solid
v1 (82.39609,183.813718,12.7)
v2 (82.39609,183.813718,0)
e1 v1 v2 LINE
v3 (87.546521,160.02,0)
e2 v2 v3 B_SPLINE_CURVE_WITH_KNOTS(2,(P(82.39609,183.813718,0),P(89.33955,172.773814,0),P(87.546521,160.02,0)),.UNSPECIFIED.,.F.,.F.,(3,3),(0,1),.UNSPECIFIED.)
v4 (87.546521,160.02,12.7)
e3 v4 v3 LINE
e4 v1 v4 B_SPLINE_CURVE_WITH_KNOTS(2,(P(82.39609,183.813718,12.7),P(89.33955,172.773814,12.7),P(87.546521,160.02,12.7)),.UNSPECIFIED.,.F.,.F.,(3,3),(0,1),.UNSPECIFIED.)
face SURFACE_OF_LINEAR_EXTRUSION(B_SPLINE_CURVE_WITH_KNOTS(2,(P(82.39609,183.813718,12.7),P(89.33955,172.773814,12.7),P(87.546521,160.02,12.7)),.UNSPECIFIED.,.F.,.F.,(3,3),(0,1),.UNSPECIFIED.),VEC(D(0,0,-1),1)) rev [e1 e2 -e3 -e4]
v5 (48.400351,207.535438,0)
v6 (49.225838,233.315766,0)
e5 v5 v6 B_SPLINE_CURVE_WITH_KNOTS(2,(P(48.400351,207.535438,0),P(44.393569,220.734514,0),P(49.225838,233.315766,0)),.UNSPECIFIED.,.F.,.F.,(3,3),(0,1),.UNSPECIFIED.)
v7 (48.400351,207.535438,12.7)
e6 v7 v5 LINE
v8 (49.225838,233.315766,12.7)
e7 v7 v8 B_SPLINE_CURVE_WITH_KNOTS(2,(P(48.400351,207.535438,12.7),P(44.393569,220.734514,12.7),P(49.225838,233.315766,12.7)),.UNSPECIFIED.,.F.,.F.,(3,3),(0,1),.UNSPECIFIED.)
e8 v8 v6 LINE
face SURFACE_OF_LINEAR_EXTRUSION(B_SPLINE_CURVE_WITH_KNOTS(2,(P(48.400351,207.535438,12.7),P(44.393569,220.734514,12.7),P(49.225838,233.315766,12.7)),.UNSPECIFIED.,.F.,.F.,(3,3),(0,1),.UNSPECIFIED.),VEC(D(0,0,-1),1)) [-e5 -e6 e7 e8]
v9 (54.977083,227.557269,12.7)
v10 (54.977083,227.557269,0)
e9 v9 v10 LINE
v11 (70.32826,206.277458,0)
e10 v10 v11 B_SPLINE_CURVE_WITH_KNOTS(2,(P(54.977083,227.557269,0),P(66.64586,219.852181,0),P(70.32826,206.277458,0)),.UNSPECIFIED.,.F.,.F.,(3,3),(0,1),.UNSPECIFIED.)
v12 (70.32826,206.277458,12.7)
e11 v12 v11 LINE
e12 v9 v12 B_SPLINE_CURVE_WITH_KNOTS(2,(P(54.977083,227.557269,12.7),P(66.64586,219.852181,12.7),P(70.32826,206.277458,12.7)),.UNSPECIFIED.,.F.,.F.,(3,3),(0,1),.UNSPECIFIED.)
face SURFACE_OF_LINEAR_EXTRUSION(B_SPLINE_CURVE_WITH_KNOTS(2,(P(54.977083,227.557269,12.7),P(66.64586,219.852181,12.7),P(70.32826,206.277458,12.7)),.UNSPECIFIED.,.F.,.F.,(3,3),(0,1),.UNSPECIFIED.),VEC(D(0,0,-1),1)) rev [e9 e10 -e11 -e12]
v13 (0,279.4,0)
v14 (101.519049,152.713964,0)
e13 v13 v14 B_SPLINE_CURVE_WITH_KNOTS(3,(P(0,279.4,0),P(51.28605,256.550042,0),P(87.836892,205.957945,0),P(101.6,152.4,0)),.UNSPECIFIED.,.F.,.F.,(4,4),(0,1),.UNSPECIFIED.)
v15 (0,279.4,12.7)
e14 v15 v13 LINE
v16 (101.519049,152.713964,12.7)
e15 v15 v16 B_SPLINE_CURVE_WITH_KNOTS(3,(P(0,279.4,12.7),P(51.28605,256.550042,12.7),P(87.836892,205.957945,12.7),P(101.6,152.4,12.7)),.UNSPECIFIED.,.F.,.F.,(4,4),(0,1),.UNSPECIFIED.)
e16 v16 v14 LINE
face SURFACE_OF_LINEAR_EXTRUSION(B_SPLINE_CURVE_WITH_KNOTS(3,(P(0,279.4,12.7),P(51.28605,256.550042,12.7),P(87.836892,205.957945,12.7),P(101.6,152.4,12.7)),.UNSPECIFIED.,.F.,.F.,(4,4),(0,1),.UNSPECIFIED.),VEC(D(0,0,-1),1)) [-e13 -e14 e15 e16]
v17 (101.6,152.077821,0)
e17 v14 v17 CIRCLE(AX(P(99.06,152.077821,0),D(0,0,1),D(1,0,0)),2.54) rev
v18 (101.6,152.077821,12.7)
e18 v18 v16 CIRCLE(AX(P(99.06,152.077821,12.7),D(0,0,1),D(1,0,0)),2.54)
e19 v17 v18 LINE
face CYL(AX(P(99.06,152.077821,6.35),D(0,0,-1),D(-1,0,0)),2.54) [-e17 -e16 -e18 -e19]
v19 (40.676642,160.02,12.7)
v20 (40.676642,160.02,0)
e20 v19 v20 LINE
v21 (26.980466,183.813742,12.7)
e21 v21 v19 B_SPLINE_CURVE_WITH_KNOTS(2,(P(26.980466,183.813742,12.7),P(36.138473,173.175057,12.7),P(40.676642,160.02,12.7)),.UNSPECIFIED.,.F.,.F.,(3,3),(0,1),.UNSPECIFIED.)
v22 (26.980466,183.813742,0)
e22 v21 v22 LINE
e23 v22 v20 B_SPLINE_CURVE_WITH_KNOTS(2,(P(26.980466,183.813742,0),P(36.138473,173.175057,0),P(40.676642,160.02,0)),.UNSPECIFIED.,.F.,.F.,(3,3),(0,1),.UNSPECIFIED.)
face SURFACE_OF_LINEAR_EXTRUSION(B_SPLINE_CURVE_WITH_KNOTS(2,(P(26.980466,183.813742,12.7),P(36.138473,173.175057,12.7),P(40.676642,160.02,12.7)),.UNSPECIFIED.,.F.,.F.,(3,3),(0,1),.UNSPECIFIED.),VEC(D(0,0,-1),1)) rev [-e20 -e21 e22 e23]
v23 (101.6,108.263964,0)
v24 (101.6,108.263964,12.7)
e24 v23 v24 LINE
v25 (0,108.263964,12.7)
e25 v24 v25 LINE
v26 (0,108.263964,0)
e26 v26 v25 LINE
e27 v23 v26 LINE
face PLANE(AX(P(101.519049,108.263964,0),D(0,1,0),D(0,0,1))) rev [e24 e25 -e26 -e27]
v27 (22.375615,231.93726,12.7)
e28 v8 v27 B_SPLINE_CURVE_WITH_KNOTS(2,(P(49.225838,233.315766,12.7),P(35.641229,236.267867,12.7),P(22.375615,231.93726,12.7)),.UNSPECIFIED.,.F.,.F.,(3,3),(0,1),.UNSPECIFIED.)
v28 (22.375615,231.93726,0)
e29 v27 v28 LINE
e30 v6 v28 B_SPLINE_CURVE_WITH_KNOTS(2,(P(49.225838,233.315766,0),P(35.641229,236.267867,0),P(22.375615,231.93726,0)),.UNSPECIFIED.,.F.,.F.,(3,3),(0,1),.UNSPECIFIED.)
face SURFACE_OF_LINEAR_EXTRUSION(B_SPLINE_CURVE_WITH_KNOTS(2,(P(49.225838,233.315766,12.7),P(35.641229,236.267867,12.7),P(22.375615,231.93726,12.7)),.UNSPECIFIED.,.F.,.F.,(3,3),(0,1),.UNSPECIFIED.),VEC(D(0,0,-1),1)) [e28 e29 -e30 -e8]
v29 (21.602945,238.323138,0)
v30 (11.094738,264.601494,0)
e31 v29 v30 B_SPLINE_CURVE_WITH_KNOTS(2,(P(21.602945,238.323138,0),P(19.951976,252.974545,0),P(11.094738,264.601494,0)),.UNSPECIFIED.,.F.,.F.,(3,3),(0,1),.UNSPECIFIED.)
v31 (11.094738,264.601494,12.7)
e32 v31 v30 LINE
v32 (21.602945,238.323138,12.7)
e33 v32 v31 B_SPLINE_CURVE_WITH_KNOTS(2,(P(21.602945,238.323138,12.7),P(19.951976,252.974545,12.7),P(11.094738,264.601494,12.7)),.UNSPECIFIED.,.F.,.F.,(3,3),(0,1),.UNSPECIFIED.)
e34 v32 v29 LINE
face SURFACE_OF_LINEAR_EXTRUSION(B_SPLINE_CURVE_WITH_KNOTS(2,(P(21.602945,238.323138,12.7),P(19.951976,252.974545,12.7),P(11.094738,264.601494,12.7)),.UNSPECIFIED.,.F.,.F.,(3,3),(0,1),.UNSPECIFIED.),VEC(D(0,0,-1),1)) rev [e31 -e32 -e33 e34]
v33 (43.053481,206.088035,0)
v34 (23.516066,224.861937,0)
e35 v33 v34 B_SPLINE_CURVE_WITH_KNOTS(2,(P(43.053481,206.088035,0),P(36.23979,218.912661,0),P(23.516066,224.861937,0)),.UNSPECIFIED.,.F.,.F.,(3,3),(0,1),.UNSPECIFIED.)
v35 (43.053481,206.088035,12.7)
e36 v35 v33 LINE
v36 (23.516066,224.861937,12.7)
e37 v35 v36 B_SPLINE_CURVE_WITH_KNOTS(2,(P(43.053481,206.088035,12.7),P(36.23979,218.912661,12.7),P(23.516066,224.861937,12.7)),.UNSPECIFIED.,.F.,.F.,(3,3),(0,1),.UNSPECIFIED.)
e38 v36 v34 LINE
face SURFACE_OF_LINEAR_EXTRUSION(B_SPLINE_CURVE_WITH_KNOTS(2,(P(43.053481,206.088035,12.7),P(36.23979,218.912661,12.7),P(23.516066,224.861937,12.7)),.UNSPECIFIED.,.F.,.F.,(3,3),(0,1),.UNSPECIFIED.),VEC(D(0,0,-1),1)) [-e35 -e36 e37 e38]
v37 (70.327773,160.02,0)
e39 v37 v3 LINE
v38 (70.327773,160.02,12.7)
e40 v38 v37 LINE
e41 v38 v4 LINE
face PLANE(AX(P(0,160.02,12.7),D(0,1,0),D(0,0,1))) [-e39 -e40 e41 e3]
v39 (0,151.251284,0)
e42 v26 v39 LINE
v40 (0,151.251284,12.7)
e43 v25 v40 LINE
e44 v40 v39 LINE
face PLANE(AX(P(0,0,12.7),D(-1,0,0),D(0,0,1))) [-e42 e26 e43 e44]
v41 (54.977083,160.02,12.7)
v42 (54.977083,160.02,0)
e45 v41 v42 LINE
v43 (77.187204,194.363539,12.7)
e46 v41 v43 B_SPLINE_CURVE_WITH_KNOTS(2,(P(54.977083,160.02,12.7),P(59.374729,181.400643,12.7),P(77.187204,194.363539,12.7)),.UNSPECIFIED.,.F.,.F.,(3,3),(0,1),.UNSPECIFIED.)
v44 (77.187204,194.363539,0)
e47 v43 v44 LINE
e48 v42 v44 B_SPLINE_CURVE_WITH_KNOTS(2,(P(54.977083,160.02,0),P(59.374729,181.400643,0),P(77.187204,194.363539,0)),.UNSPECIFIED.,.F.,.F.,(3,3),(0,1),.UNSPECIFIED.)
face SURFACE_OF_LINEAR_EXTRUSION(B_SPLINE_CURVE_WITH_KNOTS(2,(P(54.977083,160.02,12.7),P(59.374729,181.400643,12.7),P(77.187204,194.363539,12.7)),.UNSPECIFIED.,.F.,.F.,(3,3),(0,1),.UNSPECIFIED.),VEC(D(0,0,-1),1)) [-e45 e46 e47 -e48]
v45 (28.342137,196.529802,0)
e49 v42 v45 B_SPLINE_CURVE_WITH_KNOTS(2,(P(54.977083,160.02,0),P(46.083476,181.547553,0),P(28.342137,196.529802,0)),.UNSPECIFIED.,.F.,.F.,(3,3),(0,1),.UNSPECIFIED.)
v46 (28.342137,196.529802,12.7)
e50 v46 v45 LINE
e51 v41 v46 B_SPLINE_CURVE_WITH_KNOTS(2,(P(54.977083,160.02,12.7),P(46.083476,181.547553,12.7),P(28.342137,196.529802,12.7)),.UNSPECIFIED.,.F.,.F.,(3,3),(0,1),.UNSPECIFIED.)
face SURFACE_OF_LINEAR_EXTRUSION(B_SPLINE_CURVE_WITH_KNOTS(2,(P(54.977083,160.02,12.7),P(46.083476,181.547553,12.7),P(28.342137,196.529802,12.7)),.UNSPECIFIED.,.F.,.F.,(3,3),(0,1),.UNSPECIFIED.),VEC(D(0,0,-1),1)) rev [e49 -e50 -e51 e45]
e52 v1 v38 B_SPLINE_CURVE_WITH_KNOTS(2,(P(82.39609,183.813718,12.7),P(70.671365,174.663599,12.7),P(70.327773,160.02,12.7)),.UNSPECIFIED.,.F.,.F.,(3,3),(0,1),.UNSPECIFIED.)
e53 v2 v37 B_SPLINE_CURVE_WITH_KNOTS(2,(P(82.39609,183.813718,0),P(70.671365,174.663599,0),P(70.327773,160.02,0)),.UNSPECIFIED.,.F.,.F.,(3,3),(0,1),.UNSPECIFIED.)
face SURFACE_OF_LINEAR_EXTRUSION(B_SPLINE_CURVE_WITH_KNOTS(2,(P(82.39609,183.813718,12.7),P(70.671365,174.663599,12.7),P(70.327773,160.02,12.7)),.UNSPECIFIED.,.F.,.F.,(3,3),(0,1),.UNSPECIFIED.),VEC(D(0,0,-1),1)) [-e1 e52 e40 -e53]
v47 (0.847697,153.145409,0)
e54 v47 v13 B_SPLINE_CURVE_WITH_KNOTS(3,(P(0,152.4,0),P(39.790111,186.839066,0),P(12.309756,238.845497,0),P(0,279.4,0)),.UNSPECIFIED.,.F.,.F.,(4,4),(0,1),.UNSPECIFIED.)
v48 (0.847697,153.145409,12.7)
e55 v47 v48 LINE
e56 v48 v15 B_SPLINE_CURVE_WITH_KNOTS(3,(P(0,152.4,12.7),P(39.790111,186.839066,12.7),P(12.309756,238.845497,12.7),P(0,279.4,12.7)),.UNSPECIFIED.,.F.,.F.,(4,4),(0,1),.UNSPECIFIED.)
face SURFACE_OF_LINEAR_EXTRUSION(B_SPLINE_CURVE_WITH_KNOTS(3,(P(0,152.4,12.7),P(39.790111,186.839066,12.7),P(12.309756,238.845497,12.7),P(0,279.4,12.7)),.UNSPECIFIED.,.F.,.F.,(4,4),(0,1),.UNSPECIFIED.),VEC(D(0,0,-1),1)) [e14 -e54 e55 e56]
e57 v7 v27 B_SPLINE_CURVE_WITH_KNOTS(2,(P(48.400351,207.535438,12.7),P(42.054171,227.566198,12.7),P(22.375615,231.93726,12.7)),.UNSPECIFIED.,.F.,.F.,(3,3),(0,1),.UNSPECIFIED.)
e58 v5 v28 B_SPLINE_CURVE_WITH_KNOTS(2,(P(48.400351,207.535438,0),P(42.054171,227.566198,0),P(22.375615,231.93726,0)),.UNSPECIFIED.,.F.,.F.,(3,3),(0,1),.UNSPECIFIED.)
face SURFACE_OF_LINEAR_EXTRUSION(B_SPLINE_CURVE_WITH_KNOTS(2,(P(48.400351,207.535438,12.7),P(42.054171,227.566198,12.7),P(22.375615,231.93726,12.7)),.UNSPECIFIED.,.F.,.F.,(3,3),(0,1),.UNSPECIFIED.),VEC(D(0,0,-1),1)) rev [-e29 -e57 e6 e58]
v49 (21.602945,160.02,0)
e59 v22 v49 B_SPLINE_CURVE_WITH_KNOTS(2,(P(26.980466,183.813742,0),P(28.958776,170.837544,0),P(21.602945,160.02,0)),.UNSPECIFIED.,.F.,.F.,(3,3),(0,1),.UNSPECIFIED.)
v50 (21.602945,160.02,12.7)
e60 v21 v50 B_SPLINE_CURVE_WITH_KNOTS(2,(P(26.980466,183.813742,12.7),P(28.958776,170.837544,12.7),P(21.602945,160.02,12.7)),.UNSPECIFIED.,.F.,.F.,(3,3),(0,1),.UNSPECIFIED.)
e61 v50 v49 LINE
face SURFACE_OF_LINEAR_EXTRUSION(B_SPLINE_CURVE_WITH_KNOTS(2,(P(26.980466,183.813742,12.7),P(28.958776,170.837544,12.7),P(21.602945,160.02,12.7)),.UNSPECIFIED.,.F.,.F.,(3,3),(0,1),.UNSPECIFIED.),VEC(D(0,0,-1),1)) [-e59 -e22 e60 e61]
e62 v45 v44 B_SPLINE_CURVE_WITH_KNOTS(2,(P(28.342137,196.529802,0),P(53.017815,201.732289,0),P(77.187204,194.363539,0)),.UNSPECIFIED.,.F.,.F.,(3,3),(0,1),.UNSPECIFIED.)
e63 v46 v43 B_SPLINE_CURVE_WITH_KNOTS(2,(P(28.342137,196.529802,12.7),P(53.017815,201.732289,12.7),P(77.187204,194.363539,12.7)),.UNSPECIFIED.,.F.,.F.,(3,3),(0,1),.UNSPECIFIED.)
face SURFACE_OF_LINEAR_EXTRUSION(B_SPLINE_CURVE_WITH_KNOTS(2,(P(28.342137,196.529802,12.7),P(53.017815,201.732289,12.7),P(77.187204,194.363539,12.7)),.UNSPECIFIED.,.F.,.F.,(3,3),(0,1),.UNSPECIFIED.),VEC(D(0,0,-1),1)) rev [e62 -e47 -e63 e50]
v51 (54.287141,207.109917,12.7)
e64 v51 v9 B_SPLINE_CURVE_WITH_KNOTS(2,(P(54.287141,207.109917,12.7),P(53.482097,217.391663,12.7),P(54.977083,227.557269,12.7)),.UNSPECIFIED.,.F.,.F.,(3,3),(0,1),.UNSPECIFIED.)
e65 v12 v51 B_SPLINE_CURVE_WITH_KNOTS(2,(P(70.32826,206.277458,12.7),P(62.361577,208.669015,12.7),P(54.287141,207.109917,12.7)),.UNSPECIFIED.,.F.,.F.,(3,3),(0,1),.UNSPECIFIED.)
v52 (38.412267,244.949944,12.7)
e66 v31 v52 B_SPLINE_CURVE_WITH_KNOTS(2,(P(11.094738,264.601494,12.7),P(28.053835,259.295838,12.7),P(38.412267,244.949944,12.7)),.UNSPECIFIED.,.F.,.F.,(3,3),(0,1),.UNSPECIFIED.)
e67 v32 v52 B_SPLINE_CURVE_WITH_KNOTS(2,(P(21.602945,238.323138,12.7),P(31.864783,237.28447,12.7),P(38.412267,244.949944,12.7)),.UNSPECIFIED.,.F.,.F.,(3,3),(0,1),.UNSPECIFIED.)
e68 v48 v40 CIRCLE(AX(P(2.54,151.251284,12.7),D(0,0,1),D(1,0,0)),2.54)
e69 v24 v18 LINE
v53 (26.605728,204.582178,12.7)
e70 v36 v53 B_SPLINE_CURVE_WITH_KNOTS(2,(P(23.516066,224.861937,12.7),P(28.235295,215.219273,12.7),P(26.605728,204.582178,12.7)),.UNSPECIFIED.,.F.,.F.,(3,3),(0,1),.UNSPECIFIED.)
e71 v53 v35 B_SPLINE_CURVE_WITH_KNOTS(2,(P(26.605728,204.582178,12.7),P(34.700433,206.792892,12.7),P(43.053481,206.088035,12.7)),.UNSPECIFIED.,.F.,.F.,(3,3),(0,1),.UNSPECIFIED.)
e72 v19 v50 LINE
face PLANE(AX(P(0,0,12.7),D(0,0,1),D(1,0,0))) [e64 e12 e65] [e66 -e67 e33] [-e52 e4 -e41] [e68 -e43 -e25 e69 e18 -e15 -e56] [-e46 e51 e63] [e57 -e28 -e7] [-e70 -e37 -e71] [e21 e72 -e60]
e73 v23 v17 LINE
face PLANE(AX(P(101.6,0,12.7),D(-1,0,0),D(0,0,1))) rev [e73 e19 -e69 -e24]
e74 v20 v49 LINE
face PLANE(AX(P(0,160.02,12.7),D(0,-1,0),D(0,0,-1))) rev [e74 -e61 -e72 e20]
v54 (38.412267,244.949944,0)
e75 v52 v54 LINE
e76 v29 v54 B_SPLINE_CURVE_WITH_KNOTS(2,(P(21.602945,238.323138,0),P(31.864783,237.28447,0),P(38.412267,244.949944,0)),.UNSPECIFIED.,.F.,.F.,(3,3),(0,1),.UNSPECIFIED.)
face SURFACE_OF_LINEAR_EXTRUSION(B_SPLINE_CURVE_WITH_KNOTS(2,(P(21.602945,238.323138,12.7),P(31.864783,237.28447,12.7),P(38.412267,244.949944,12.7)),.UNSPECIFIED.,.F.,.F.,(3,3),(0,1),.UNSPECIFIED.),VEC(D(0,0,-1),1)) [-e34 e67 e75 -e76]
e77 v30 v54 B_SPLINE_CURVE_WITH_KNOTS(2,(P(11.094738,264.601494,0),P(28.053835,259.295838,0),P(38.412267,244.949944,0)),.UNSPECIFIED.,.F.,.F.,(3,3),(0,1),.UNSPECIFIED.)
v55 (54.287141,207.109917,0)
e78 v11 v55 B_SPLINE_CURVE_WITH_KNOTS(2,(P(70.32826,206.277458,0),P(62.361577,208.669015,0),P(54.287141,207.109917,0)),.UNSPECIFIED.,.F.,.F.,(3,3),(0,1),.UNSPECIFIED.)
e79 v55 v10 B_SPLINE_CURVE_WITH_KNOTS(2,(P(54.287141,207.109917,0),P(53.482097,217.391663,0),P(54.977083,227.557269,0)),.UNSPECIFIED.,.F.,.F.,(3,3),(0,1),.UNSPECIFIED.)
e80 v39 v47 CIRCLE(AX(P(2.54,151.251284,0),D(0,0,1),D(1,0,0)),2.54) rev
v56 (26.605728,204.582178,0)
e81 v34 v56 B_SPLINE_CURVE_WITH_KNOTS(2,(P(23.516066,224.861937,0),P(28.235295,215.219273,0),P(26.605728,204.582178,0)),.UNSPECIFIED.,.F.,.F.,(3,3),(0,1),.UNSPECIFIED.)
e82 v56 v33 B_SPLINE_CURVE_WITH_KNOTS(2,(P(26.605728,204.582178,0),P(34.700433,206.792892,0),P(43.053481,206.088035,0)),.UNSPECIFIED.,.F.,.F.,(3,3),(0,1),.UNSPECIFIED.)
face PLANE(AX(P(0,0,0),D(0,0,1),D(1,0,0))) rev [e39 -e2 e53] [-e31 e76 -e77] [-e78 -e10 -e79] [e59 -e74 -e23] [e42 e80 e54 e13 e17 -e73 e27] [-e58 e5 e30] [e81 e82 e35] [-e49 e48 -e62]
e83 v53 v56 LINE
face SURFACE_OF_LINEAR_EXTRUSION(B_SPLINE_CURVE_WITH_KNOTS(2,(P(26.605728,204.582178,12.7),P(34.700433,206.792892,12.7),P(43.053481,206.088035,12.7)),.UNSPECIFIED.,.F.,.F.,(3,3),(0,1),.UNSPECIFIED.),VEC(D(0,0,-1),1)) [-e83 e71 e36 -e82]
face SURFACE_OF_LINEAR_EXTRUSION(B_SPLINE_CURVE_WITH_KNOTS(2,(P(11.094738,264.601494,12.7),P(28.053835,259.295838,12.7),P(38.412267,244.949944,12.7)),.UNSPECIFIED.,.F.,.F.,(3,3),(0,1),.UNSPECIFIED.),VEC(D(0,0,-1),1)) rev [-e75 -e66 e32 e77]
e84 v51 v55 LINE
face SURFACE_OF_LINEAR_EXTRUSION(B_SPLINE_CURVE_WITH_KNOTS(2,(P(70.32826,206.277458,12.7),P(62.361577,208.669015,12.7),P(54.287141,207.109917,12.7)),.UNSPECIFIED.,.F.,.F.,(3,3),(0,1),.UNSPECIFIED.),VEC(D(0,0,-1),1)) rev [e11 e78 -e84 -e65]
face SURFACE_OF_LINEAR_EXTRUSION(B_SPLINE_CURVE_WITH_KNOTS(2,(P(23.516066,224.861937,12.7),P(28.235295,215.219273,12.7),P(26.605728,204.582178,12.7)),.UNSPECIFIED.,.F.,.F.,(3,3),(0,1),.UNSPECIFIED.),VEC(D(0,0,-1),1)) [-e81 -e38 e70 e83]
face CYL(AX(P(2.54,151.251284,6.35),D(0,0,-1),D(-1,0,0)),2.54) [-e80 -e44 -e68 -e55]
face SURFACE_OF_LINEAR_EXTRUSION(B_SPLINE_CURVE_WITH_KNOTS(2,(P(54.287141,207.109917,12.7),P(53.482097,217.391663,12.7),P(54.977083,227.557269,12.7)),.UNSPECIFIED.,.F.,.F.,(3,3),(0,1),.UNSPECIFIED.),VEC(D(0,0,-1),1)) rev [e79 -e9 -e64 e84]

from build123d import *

# Parameters (mm, degrees)
SKETCH1_W           = 101.6
SKETCH1_H           = 152.4
BOSS_EXTRUDE1_DEPTH = 12.7
BOSS_EXTRUDE3_DEPTH = 12.7
FILLET1_R           = 2.54
FILLET2_R           = 5.08
CUT_EXTRUDE1_DEPTH  = 298.570512784


with BuildPart() as part:
    # Sketch1 → Boss-Extrude1 (new body)
    with BuildSketch(Plane.XY):
        with Locations((50.8, 76.2)):
            Rectangle(SKETCH1_W, SKETCH1_H)
    extrude(amount=BOSS_EXTRUDE1_DEPTH)

    # Sketch2 → Boss-Extrude3 (add)
    with BuildSketch(Plane.XY):
        with BuildLine():
            add(Edge.make_bspline(
                [(0, 152.4), (39.790111277, 186.839065643), (12.30975625, 238.845497073), (0, 279.4)],
                knots=[0, 0, 0, 0, 1, 1, 1, 1], degree=3))
            add(Edge.make_bspline(
                [(0, 279.4), (51.286050257, 256.550041835), (87.836892382, 205.957944637), (101.6, 152.4)],
                knots=[0, 0, 0, 0, 1, 1, 1, 1], degree=3))
            Line((101.6, 152.4), (0, 152.4))
        make_face()
        with BuildLine():
            add(Edge.make_bspline(
                [(49.225838487, 233.315766274), (35.641228944, 236.267866949), (22.375615267, 231.937259722)],
                knots=[0, 0, 0, 1, 1, 1], degree=2))
            add(Edge.make_bspline(
                [(48.400350721, 207.535437601), (42.054170901, 227.566198031), (22.375615267, 231.937259722)],
                knots=[0, 0, 0, 1, 1, 1], degree=2))
            add(Edge.make_bspline(
                [(48.400350721, 207.535437601), (44.393568943, 220.734513873), (49.225838487, 233.315766274)],
                knots=[0, 0, 0, 1, 1, 1], degree=2))
        make_face(mode=Mode.SUBTRACT)
        with BuildLine():
            add(Edge.make_bspline(
                [(43.05348098, 206.08803494), (36.239789994, 218.91266054), (23.516066372, 224.861937296)],
                knots=[0, 0, 0, 1, 1, 1], degree=2))
            add(Edge.make_bspline(
                [(23.516066372, 224.861937296), (28.235295407, 215.21927262), (26.605728117, 204.582177714)],
                knots=[0, 0, 0, 1, 1, 1], degree=2))
            add(Edge.make_bspline(
                [(26.605728117, 204.582177714), (34.700432609, 206.792891754), (43.05348098, 206.08803494)],
                knots=[0, 0, 0, 1, 1, 1], degree=2))
        make_face(mode=Mode.SUBTRACT)
        with BuildLine():
            add(Edge.make_bspline(
                [(82.396089655, 183.81371778), (70.6713649, 174.663598784), (70.32777317, 160.02)],
                knots=[0, 0, 0, 1, 1, 1], degree=2))
            Line((70.32777317, 160.02), (87.546521436, 160.02))
            add(Edge.make_bspline(
                [(82.396089655, 183.81371778), (89.339550367, 172.773814043), (87.546521436, 160.02)],
                knots=[0, 0, 0, 1, 1, 1], degree=2))
        make_face(mode=Mode.SUBTRACT)
        with BuildLine():
            add(Edge.make_bspline(
                [(26.980466376, 183.81374211), (28.958775605, 170.837543608), (21.602944743, 160.02)],
                knots=[0, 0, 0, 1, 1, 1], degree=2))
            Line((21.602944743, 160.02), (40.676641776, 160.02))
            add(Edge.make_bspline(
                [(26.980466376, 183.81374211), (36.13847285, 173.175056715), (40.676641776, 160.02)],
                knots=[0, 0, 0, 1, 1, 1], degree=2))
        make_face(mode=Mode.SUBTRACT)
        with BuildLine():
            add(Edge.make_bspline(
                [(54.97708308, 160.02), (46.08347584, 181.54755316), (28.342136903, 196.529802482)],
                knots=[0, 0, 0, 1, 1, 1], degree=2))
            add(Edge.make_bspline(
                [(28.342136903, 196.529802482), (53.017815002, 201.732288521), (77.187204495, 194.363538628)],
                knots=[0, 0, 0, 1, 1, 1], degree=2))
            add(Edge.make_bspline(
                [(54.97708308, 160.02), (59.374728895, 181.400643158), (77.187204495, 194.363538628)],
                knots=[0, 0, 0, 1, 1, 1], degree=2))
        make_face(mode=Mode.SUBTRACT)
        with BuildLine():
            add(Edge.make_bspline(
                [(70.328259561, 206.277457578), (62.361576962, 208.669014941), (54.287141362, 207.109917469)],
                knots=[0, 0, 0, 1, 1, 1], degree=2))
            add(Edge.make_bspline(
                [(54.287141362, 207.109917469), (53.482096811, 217.391663167), (54.97708308, 227.557269012)],
                knots=[0, 0, 0, 1, 1, 1], degree=2))
            add(Edge.make_bspline(
                [(54.97708308, 227.557269012), (66.645859754, 219.852180834), (70.328259561, 206.277457578)],
                knots=[0, 0, 0, 1, 1, 1], degree=2))
        make_face(mode=Mode.SUBTRACT)
        with BuildLine():
            add(Edge.make_bspline(
                [(21.602944743, 238.323137826), (19.95197567, 252.974545225), (11.094737768, 264.601494061)],
                knots=[0, 0, 0, 1, 1, 1], degree=2))
            add(Edge.make_bspline(
                [(11.094737768, 264.601494061), (28.053835186, 259.295838115), (38.412267282, 244.949944056)],
                knots=[0, 0, 0, 1, 1, 1], degree=2))
            add(Edge.make_bspline(
                [(21.602944743, 238.323137826), (31.864782779, 237.284469605), (38.412267282, 244.949944056)],
                knots=[0, 0, 0, 1, 1, 1], degree=2))
        make_face(mode=Mode.SUBTRACT)
    extrude(amount=BOSS_EXTRUDE3_DEPTH)

    # Fillet1
    fillet1_edges = [part.edges().sort_by_distance(p)[0] for p in [
        (101.6, 152.4, 6.35),
        (0, 152.4, 6.35),
    ]]
    fillet(fillet1_edges, radius=FILLET1_R)

    # Fillet2
    fillet2_edges = [part.edges().sort_by_distance(p)[0] for p in [
        (0, 0, 6.35),
        (101.6, 0, 6.35),
    ]]
    fillet(fillet2_edges, radius=FILLET2_R)

    # Sketch4 → Cut-Extrude1 (cut, through all)
    with BuildSketch(Plane.XY.offset(12.7)):
        Polygon((101.519048921, 108.263964199), (0, 108.263964199), (0, 0), (101.6, 0), (101.6, 108.263964199), align=None)
    extrude(amount=-CUT_EXTRUDE1_DEPTH, mode=Mode.SUBTRACT)


solid = part.part
